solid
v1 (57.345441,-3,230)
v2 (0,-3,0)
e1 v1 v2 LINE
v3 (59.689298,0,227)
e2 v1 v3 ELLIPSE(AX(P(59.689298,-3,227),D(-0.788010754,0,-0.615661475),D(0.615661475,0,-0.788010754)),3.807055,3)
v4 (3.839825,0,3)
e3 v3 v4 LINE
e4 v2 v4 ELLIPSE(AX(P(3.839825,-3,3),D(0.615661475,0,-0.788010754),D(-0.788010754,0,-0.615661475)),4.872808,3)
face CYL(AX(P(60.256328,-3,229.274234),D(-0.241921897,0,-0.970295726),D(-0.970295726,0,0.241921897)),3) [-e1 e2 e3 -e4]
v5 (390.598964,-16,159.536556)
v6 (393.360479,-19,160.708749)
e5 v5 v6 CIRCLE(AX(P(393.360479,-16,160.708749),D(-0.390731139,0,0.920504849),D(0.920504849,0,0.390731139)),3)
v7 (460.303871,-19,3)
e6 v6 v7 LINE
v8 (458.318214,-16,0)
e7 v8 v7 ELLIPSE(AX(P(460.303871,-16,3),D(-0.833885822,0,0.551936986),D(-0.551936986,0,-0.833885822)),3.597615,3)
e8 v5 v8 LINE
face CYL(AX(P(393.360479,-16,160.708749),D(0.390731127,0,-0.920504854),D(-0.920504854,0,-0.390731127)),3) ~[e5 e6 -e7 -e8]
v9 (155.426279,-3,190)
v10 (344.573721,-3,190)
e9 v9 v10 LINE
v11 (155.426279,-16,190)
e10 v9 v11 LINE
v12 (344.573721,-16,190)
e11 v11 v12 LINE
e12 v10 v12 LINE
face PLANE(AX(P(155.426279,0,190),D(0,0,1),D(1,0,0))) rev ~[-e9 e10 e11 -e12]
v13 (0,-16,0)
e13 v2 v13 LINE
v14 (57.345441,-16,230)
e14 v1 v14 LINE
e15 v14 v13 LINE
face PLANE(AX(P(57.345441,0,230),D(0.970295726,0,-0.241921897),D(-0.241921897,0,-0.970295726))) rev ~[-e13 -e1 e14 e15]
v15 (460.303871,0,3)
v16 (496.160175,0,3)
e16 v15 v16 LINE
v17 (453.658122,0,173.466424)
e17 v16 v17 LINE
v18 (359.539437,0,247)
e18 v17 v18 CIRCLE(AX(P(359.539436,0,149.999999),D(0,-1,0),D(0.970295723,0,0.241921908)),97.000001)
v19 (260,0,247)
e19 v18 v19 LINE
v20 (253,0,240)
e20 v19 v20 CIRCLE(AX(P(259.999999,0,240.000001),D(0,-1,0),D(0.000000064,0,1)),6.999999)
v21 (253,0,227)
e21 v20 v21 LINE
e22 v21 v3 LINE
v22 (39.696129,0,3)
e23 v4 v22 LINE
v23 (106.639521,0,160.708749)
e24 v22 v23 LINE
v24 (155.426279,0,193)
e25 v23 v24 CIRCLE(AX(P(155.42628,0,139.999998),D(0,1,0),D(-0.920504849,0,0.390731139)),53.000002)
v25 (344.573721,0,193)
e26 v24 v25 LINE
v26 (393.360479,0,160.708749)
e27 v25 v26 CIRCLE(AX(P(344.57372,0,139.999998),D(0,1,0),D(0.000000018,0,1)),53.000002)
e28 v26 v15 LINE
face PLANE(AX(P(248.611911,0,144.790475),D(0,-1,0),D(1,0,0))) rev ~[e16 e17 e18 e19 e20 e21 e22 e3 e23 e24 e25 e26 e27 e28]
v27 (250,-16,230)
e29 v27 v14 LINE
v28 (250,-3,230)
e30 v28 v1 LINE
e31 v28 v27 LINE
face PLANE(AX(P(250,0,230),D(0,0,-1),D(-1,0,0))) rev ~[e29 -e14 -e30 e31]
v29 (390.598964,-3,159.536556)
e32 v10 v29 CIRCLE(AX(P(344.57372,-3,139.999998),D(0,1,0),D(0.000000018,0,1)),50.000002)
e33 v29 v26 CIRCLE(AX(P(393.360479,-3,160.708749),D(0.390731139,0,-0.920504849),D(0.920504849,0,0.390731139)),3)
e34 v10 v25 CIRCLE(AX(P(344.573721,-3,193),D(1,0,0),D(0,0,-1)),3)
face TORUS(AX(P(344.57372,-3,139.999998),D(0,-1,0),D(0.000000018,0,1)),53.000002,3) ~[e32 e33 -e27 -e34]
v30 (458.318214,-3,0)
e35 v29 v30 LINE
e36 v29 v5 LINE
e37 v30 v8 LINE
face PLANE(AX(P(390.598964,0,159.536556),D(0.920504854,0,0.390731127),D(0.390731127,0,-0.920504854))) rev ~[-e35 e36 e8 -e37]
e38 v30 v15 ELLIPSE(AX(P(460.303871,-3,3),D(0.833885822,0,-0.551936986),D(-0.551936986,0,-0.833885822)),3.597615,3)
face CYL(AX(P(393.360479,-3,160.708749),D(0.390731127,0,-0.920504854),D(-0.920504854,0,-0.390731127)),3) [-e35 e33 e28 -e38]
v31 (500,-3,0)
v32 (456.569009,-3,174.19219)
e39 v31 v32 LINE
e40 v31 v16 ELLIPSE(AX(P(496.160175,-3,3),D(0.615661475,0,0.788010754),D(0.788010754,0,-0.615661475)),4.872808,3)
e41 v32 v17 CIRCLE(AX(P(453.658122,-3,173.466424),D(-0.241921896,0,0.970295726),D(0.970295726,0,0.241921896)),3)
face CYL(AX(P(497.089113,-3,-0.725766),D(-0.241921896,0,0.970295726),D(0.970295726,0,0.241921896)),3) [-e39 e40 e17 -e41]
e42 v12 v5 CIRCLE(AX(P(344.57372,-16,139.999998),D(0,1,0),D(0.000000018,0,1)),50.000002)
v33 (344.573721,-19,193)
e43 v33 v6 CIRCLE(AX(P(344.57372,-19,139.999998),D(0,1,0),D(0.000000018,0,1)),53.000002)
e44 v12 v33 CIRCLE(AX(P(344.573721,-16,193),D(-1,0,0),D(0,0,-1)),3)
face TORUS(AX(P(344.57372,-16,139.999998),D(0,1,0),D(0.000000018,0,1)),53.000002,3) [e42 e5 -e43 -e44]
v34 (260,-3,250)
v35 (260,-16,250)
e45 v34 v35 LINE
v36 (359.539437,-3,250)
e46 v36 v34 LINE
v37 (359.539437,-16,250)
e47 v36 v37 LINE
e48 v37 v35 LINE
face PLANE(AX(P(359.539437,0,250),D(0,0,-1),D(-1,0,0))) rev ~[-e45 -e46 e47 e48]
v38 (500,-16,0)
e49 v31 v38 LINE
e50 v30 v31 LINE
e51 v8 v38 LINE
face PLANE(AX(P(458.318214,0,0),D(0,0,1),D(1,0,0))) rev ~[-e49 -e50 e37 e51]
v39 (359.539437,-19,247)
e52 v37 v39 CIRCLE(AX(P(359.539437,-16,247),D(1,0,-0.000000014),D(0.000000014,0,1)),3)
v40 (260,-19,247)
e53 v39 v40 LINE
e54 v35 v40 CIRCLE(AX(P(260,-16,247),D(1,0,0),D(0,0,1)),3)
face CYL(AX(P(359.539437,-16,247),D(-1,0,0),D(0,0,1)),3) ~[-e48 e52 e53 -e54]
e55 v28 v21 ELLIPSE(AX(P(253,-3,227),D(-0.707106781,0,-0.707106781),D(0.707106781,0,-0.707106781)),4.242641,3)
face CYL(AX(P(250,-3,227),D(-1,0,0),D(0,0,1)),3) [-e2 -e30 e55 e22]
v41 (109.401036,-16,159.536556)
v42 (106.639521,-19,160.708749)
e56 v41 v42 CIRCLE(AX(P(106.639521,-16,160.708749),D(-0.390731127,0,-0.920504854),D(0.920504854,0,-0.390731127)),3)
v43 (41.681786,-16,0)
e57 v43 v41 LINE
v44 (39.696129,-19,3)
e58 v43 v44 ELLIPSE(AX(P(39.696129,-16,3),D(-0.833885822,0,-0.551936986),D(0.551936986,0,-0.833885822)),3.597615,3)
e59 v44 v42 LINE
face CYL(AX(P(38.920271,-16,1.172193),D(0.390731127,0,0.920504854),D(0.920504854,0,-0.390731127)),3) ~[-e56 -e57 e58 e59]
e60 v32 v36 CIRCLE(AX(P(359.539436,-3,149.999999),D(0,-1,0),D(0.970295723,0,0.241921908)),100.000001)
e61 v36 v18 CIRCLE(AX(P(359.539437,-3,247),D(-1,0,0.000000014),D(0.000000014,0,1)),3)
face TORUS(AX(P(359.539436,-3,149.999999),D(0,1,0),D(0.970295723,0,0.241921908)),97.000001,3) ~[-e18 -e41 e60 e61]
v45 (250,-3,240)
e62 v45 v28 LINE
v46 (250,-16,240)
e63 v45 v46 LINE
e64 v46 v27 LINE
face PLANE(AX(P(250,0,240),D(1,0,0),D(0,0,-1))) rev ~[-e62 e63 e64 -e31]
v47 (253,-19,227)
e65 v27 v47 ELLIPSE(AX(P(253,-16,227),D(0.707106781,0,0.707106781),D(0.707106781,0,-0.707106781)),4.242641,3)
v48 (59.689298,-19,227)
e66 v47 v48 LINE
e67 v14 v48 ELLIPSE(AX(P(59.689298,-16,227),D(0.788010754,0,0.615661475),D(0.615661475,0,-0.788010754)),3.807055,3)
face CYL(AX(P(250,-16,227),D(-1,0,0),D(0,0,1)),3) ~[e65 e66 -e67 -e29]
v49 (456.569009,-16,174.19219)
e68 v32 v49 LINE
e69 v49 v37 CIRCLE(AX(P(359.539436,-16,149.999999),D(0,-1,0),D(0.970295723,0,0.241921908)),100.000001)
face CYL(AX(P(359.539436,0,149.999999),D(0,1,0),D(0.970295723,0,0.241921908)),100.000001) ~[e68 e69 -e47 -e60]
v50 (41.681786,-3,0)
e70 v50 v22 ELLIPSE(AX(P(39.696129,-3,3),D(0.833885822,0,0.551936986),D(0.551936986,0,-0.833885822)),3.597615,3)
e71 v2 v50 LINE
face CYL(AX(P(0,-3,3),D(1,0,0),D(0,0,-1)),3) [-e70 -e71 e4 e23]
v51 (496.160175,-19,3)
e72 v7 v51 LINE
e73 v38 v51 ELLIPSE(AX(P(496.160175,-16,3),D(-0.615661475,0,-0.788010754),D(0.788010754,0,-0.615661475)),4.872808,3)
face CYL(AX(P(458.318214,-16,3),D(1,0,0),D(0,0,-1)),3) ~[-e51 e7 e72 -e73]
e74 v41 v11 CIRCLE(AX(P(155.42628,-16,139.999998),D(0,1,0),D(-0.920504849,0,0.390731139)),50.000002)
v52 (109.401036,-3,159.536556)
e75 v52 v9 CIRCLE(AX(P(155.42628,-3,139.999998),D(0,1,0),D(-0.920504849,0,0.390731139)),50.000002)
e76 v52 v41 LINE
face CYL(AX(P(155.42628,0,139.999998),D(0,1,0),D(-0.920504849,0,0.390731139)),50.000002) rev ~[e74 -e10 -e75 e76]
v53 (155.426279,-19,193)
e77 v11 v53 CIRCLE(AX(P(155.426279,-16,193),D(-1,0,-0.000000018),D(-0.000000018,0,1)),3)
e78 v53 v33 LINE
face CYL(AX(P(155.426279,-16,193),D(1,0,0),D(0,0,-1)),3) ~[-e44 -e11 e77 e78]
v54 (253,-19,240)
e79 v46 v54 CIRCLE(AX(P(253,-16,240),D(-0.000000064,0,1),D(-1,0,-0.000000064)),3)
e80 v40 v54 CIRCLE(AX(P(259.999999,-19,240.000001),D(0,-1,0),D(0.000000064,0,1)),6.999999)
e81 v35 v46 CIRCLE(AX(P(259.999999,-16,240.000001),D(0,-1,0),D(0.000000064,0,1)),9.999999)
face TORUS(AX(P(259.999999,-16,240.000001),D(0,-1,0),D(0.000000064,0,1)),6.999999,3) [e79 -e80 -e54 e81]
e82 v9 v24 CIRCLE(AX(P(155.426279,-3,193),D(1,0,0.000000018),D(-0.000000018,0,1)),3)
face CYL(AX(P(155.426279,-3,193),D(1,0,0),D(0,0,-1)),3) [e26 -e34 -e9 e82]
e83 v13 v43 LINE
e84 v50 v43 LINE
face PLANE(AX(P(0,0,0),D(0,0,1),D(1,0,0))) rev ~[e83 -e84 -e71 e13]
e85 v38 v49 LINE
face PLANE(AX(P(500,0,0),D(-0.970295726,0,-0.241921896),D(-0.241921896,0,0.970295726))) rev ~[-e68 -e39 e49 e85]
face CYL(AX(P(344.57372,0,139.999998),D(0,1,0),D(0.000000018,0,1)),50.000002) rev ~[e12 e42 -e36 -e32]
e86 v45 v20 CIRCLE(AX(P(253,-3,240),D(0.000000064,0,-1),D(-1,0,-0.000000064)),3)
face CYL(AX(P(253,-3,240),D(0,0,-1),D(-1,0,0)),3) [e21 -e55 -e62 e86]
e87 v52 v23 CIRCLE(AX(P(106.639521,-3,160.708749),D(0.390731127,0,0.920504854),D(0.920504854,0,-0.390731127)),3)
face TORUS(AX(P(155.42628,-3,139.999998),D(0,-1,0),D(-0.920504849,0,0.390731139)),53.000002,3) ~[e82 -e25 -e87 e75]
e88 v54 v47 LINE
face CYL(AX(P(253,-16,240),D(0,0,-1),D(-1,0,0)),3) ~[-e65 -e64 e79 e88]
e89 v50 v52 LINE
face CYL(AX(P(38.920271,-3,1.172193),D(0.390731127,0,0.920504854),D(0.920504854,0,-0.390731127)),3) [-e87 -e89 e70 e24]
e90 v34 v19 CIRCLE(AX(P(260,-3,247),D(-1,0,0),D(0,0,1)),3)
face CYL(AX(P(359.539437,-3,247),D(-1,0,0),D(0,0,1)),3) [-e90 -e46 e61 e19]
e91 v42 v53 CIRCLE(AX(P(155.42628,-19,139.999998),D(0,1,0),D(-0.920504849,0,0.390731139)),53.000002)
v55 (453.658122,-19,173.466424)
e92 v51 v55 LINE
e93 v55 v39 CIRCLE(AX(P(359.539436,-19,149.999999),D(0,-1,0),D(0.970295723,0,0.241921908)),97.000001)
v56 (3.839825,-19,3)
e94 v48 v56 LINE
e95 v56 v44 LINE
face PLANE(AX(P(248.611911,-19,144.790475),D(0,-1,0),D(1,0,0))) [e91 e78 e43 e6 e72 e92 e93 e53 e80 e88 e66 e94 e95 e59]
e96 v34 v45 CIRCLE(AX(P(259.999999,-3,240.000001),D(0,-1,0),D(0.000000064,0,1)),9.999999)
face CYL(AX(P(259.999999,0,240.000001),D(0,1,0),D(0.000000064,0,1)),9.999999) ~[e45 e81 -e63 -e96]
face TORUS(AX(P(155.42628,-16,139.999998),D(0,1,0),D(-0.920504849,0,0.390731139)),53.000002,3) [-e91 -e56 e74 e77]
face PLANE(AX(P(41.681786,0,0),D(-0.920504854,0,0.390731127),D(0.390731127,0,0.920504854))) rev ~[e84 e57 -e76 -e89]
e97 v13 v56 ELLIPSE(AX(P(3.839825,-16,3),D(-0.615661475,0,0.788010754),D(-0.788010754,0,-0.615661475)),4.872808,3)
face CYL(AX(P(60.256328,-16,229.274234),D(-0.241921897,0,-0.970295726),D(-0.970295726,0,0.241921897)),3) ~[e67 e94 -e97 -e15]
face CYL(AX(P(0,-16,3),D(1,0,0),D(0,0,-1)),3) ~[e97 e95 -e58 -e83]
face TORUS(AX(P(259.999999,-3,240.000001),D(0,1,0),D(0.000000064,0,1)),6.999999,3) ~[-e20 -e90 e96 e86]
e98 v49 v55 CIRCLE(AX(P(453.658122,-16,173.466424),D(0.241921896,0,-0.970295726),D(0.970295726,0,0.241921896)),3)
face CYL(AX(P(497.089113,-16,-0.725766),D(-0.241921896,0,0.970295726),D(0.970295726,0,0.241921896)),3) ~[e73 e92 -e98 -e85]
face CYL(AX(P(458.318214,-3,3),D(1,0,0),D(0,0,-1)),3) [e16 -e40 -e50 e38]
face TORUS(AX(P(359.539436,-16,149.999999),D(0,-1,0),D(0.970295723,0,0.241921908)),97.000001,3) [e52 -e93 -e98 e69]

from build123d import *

# Parameters (mm, degrees)
F1_DEPTH = 19
F2_R     = 3


with BuildPart() as f1:
    # F0 (on Front) → F1 (new body)
    with BuildSketch(Plane.XZ):
        with BuildLine():
            Line((57.345441, 230), (0, 0))
            Line((0, 0), (41.681786, 0))
            Line((41.681786, 0), (109.401036, 159.536556))
            ThreePointArc((109.401036, 159.536556), (127.82943, 181.694291), (155.426279, 190))
            Line((155.426279, 190), (250, 190))
            Line((250, 190), (344.573721, 190))
            ThreePointArc((344.573721, 190), (372.17057, 181.694291), (390.598964, 159.536556))
            Line((390.598964, 159.536556), (458.318214, 0))
            Line((458.318214, 0), (500, 0))
            Line((500, 0), (456.569009, 174.19219))
            ThreePointArc((456.569009, 174.19219), (421.105584, 228.801075), (359.539437, 250))
            Line((359.539437, 250), (260, 250))
            ThreePointArc((260, 250), (252.928932, 247.071068), (250, 240))
            Line((250, 240), (250, 230))
            Line((250, 230), (57.345441, 230))
        make_face()
    extrude(amount=F1_DEPTH)

    # F2
    f2_edges = [f1.edges().sort_by_distance(p)[0] for p in [
        (28.67272, -19, 115),
        (20.840893, -19, 0),
        (75.541411, -19, 79.768278),
        (127.82943, -19, 181.694291),
        (250, -19, 190),
        (372.17057, -19, 181.694291),
        (424.458589, -19, 79.768278),
        (479.159107, -19, 0),
        (478.284505, -19, 87.096095),
        (421.105584, -19, 228.801075),
        (309.769718, -19, 250),
        (252.928932, -19, 247.071068),
        (250, -19, 235),
        (153.67272, -19, 230),
        (28.67272, 0, 115),
        (20.840893, 0, 0),
        (75.541411, 0, 79.768278),
        (127.82943, 0, 181.694291),
        (250, 0, 190),
        (372.17057, 0, 181.694291),
        (424.458589, 0, 79.768278),
        (479.159107, 0, 0),
        (478.284505, 0, 87.096095),
        (421.105584, 0, 228.801075),
        (309.769718, 0, 250),
        (252.928932, 0, 247.071068),
        (250, 0, 235),
        (153.67272, 0, 230),
    ]]
    fillet(f2_edges, radius=F2_R)


solid = f1.part
